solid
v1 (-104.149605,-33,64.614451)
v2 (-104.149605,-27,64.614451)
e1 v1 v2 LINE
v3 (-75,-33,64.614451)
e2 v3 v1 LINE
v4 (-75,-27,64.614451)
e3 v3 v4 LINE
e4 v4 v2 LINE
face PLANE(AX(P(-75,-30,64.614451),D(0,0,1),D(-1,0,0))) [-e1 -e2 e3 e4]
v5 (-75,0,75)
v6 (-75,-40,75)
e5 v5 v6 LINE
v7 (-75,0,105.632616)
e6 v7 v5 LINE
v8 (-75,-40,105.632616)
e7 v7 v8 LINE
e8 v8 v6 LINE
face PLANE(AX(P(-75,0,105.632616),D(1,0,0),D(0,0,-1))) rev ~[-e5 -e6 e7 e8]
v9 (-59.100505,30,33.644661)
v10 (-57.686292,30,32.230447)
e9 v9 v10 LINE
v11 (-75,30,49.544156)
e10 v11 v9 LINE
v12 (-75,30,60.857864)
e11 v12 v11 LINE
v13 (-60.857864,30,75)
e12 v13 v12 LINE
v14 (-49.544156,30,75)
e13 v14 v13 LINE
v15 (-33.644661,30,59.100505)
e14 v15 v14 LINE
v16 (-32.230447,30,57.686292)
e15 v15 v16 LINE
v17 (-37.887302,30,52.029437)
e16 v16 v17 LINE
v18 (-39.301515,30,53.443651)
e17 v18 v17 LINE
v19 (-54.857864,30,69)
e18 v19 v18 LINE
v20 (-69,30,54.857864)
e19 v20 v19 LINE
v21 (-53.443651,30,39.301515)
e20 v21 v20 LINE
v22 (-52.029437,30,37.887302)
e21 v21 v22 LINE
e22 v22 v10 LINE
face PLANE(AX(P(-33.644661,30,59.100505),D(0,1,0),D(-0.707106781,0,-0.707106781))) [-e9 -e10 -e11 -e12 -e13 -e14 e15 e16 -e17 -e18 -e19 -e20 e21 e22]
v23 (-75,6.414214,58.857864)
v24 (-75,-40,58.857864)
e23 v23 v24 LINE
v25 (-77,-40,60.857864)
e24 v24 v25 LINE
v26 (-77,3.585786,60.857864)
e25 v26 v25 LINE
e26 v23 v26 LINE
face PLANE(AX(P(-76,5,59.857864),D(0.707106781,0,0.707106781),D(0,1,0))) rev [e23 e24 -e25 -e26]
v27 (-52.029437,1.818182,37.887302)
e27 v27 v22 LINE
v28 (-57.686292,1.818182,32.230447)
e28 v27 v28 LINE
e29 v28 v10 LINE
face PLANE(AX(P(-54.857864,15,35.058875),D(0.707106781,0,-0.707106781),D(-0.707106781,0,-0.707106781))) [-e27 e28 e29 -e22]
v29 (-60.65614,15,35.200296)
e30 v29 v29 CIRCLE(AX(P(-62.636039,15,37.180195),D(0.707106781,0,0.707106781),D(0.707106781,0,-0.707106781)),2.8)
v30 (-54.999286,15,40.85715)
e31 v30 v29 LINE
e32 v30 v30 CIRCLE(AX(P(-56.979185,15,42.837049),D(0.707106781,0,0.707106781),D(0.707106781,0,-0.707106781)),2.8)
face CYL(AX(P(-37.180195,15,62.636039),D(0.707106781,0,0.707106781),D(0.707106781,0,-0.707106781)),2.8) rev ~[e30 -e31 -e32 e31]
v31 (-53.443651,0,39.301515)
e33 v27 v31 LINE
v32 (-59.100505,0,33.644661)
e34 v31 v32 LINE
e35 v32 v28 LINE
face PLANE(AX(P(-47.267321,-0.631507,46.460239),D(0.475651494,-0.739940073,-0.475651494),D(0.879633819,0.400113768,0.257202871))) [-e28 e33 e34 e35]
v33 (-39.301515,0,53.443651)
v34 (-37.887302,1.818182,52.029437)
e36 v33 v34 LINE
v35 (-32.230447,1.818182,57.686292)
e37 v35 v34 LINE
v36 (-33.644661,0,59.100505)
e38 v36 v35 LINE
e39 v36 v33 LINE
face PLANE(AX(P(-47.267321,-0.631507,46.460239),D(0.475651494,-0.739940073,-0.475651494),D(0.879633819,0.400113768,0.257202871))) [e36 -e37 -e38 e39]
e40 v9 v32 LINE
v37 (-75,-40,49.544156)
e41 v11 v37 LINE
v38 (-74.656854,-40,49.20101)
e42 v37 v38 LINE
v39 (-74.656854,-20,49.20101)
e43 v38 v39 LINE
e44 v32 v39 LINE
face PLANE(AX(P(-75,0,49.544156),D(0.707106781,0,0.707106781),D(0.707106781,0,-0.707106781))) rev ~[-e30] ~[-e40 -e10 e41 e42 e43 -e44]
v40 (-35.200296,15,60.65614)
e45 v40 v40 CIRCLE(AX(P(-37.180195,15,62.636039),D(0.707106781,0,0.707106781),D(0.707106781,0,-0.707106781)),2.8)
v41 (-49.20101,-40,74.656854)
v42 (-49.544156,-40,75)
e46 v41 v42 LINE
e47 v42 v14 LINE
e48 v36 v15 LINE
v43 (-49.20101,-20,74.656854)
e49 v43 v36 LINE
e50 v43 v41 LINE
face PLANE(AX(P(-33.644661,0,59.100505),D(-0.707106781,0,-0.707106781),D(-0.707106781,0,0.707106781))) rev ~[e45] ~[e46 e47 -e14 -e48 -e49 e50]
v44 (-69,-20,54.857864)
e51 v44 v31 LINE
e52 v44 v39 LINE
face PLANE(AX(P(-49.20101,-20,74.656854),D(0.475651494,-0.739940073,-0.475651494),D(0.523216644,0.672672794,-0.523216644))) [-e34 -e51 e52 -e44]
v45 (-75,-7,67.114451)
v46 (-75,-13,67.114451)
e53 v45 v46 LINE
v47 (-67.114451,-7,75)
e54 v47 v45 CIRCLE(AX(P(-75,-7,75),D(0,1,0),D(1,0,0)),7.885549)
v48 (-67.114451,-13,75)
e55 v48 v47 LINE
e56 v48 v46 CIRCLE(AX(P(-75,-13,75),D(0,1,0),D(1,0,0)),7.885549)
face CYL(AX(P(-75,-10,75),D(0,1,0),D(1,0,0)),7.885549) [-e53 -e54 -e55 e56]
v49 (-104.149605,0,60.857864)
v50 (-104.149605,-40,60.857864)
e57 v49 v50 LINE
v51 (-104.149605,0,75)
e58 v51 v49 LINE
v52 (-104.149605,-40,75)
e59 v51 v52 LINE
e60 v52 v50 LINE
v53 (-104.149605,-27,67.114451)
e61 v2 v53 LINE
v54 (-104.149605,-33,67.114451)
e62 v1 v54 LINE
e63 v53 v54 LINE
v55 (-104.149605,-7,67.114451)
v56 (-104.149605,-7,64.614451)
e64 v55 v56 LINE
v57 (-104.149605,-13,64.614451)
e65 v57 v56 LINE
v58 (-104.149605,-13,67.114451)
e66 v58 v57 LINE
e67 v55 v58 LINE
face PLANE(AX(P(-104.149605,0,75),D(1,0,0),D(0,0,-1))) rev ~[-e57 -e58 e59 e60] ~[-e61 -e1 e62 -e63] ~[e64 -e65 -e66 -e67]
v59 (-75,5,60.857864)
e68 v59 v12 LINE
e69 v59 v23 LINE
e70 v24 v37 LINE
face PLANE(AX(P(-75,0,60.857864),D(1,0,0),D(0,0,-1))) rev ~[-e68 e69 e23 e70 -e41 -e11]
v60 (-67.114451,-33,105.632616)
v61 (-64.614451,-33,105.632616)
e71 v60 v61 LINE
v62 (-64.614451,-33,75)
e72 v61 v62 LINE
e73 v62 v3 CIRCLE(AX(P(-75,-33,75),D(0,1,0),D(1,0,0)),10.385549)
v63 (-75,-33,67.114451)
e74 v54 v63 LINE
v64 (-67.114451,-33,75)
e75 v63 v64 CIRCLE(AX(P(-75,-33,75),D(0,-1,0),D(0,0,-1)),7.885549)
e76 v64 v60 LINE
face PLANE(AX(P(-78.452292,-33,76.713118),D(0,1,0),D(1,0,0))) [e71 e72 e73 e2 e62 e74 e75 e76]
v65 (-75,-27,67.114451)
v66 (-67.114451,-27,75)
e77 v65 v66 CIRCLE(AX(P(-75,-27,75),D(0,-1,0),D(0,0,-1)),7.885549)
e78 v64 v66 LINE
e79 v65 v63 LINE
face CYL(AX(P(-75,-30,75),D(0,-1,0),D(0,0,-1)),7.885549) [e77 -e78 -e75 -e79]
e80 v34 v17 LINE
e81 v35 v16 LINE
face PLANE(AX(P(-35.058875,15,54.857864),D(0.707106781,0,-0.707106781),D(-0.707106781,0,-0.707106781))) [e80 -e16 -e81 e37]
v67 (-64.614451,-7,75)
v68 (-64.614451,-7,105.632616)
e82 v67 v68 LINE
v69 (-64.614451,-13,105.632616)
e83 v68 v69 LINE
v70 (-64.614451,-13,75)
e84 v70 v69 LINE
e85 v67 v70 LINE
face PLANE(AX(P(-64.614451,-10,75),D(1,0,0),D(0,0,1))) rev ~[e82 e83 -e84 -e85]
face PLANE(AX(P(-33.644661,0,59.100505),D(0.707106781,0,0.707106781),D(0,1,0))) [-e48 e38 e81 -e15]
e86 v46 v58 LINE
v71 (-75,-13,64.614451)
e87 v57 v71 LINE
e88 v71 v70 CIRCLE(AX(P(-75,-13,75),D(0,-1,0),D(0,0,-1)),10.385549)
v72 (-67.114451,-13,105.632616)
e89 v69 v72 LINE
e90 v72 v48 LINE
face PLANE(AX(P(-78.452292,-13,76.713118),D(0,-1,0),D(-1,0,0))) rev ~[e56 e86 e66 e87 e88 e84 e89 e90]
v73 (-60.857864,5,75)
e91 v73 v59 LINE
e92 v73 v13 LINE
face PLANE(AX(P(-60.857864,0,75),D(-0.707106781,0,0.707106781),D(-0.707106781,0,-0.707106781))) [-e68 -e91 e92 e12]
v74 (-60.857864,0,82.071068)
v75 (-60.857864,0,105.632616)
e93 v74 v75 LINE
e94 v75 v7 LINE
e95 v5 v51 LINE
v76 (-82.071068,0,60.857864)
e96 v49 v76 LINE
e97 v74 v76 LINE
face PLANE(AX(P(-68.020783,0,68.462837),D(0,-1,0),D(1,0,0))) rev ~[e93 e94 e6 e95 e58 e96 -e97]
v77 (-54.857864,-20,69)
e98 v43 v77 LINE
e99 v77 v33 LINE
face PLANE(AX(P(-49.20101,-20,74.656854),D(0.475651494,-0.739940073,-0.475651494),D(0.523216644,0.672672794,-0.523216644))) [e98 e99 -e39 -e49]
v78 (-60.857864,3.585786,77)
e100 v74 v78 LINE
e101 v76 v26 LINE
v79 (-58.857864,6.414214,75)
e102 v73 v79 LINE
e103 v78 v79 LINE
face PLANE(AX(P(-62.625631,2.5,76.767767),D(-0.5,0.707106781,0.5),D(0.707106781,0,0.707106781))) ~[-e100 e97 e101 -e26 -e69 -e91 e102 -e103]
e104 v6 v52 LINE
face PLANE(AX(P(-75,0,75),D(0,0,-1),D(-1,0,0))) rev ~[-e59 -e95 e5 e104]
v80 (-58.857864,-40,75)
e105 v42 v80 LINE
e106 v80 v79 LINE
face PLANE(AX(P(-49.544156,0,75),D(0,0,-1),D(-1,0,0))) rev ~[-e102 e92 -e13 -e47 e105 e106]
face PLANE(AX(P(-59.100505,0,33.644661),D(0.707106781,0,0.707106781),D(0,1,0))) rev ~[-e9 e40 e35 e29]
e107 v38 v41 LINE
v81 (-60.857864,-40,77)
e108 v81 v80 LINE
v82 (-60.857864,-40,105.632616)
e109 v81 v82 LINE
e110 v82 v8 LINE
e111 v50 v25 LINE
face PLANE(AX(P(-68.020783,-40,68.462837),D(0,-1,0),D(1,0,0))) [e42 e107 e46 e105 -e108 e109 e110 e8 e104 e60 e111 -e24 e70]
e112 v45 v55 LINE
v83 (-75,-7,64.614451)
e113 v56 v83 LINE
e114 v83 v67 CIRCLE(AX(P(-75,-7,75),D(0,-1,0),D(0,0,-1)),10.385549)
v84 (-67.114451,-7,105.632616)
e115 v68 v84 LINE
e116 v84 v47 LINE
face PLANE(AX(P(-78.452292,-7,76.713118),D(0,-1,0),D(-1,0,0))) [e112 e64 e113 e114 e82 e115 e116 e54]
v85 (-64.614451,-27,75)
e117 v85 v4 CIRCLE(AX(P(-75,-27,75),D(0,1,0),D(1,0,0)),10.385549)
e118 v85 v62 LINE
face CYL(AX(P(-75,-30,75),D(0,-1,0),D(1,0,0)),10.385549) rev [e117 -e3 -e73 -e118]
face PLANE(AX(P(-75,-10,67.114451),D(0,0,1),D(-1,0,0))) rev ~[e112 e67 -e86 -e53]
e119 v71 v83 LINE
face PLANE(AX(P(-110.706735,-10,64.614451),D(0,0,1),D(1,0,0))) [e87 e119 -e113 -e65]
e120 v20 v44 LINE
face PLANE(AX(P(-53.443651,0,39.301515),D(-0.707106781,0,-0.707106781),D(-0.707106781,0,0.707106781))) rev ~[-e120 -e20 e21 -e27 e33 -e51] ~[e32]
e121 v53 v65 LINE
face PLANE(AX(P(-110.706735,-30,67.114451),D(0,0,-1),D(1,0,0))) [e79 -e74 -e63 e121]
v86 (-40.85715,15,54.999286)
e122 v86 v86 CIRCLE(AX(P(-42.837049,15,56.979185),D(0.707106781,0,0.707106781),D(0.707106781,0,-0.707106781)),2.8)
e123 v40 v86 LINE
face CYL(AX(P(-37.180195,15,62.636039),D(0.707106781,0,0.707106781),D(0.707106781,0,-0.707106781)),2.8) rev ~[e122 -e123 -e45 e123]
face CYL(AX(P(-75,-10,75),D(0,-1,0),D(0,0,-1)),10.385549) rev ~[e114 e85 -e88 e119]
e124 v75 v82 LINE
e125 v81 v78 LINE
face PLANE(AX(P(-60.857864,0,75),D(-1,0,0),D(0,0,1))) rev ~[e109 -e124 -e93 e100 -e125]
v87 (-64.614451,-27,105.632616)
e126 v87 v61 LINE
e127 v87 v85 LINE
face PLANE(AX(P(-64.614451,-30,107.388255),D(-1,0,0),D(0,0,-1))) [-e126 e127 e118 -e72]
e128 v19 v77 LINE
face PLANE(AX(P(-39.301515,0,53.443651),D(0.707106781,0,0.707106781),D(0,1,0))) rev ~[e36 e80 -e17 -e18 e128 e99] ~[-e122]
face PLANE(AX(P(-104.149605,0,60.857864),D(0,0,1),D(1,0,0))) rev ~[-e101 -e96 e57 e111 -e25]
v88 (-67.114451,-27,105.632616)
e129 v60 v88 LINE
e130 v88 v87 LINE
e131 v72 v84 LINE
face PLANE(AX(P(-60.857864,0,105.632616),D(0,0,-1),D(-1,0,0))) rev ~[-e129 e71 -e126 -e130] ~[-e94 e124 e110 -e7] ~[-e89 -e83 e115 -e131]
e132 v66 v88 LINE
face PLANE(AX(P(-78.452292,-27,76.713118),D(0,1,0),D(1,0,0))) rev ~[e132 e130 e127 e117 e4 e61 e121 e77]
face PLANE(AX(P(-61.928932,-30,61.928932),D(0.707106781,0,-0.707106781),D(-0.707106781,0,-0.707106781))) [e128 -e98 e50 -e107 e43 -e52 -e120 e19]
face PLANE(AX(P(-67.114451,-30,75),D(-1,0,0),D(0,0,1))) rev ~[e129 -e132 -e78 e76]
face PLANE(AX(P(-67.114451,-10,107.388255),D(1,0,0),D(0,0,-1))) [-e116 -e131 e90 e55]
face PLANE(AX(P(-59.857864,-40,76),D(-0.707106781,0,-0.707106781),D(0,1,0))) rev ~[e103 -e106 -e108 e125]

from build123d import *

# Parameters (mm, degrees)
BOSS_EXTRUDE1_DEPTH     = 30
SKETCH2_R               = 2.8
CUT_EXTRUDE1_DEPTH      = 65
CUT_EXTRUDE2_DEPTH      = 65
BOSS_EXTRUDE2_DEPTH     = 40
SKETCH9_W               = 55.910316486
SKETCH9_H               = 20
CUT_EXTRUDE4_DEPTH      = 40
CUT_EXTRUDE5_DEPTH      = 40
CHAMFER1_SIZE           = 5
CUT_EXTRUDE6_DEPTH      = 3
CUT_EXTRUDE6_DEPTH_BACK = 3
CUT_EXTRUDE7_DEPTH      = 3
CUT_EXTRUDE7_DEPTH_BACK = 3
SKETCH14_W              = 8
SKETCH14_H              = 30
BOSS_EXTRUDE3_DEPTH     = 2
CUT_EXTRUDE8_DEPTH      = 22
CHAMFER2_SIZE           = 2


with BuildPart() as part:
    # Sketch1 → Boss-Extrude1 (new body)
    with BuildSketch(Plane(origin=(0, 0, 0), x_dir=(1, 0, 0), z_dir=(0, 1, 0))):
        Polygon((-69, -54.857864376), (-54.857864376, -69), (-39.30151519, -53.443650814), (-33.644660941, -59.100505063), (-49.544155877, -75), (-75, -75), (-75, -49.544155877), (-59.100505063, -33.644660941), (-53.443650814, -39.30151519), align=None)
    extrude(amount=BOSS_EXTRUDE1_DEPTH)

    # Sketch2 → Cut-Extrude1 (cut)
    with BuildSketch(Plane(origin=(12.727922061, 0, 12.727922061), x_dir=(0.707106781, 0, -0.707106781), z_dir=(0.707106781, 0, 0.707106781))):
        with Locations((-70.580735804, 15)):
            Circle(SKETCH2_R)
    extrude(amount=-CUT_EXTRUDE1_DEPTH, mode=Mode.SUBTRACT)

    # Sketch4 → Cut-Extrude2 (cut)
    with BuildSketch(Plane.XZ):
        Polygon((-60.857864376, 75), (-75, 60.857864376), (-82.434342637, 68.292207014), (-68.292207014, 82.434342637), align=None)
    extrude(amount=-CUT_EXTRUDE2_DEPTH, mode=Mode.SUBTRACT)

    # Sketch6 → Boss-Extrude2 (add)
    with BuildSketch(Plane.XZ):
        Polygon((-60.857864376, 75), (-60.857864376, 105.632615689), (-75, 105.632615689), (-75, 75), (-104.149605391, 75), (-104.149605391, 60.857864376), (-75, 60.857864376), (-75, 49.544155877), (-59.100505063, 33.644660941), (-53.443650814, 39.30151519), (-69, 54.857864376), (-54.857864376, 69), (-39.30151519, 53.443650814), (-33.644660941, 59.100505063), (-49.544155877, 75), align=None)
    extrude(amount=BOSS_EXTRUDE2_DEPTH)

    # Sketch9 → Cut-Extrude4 (cut)
    with BuildSketch(Plane(origin=(-61.928932188, 0, 61.928932188), x_dir=(-0.707106781, 0, -0.707106781), z_dir=(0.707106781, 0, -0.707106781))):
        with Locations((0, -30)):
            Rectangle(SKETCH9_W, SKETCH9_H)
    extrude(amount=CUT_EXTRUDE4_DEPTH, mode=Mode.SUBTRACT)

    # Sketch10 → Cut-Extrude5 (cut)
    with BuildSketch(Plane(origin=(12.727922061, 0, 12.727922061), x_dir=(0.707106781, 0, -0.707106781), z_dir=(0.707106781, 0, 0.707106781))):
        Polygon((-87.580735804, -20), (-65.580735804, 0), (-65.580735804, -20), align=None)
    extrude(amount=-CUT_EXTRUDE5_DEPTH, mode=Mode.SUBTRACT)

    # Chamfer1
    chamfer1_edges = [part.edges().sort_by_distance(p)[0] for p in [
        (-67.928932188, 0, 67.928932188),
    ]]
    chamfer(chamfer1_edges, length=CHAMFER1_SIZE)

    # Sketch12 → Cut-Extrude6 (cut, two sides)
    with BuildSketch(Plane(origin=(0, -10, 0), x_dir=(1, 0, 0), z_dir=(0, 1, 0))) as cut_extrude6_sk:
        with BuildLine():
            Line((-75, -67.114451053), (-110.706734673, -67.114451053))
            Line((-110.706734673, -67.114451053), (-110.706734673, -64.614451053))
            Line((-110.706734673, -64.614451053), (-75, -64.614451053))
            ThreePointArc((-75, -64.614451053), (-67.656307913, -67.656307913), (-64.614451053, -75))
            Line((-64.614451053, -75), (-64.614451053, -107.388255064))
            Line((-64.614451053, -107.388255064), (-67.114451053, -107.388255064))
            Line((-67.114451053, -107.388255064), (-67.114451053, -75))
            ThreePointArc((-67.114451053, -75), (-69.424074866, -69.424074866), (-75, -67.114451053))
        make_face()
    extrude(amount=CUT_EXTRUDE6_DEPTH, mode=Mode.SUBTRACT)
    extrude(cut_extrude6_sk.sketch, amount=-CUT_EXTRUDE6_DEPTH_BACK, mode=Mode.SUBTRACT)

    # Sketch13 → Cut-Extrude7 (cut, two sides)
    with BuildSketch(Plane(origin=(0, -30, 0), x_dir=(1, 0, 0), z_dir=(0, 1, 0))) as cut_extrude7_sk:
        with BuildLine():
            Line((-110.706734673, -67.114451053), (-75, -67.114451053))
            ThreePointArc((-75, -67.114451053), (-69.424074866, -69.424074866), (-67.114451053, -75))
            Line((-67.114451053, -75), (-67.114451053, -107.388255064))
            Line((-67.114451053, -107.388255064), (-64.614451053, -107.388255064))
            Line((-64.614451053, -107.388255064), (-64.614451053, -75))
            ThreePointArc((-64.614451053, -75), (-67.656307913, -67.656307913), (-75, -64.614451053))
            Line((-75, -64.614451053), (-110.706734673, -64.614451053))
            Line((-110.706734673, -64.614451053), (-110.706734673, -67.114451053))
        make_face()
    extrude(amount=CUT_EXTRUDE7_DEPTH, mode=Mode.SUBTRACT)
    extrude(cut_extrude7_sk.sketch, amount=-CUT_EXTRUDE7_DEPTH_BACK, mode=Mode.SUBTRACT)

    # Sketch14 → Boss-Extrude3 (add)
    with BuildSketch(Plane(origin=(-46.372583002, 0, 46.372583002), x_dir=(-0.707106781, 0, -0.707106781), z_dir=(0.707106781, 0, -0.707106781))):
        with Locations((-14, 15)):
            Rectangle(SKETCH14_W, SKETCH14_H)
        with Locations((14, 15)):
            Rectangle(SKETCH14_W, SKETCH14_H)
    extrude(amount=BOSS_EXTRUDE3_DEPTH)

    # Sketch15 → Cut-Extrude8 (cut)
    with BuildSketch(Plane(origin=(-20.983069232, 32.641995196, 20.983069232), x_dir=(0.879633819, 0.400113768, 0.257202871), z_dir=(0.475651494, -0.739940073, -0.475651494))):
        Polygon((-16.653515894, 59.58496844), (-53.507538304, 34.603245183), (-43.108288721, 19.261862476), (-6.254266311, 44.243585732), align=None)
    extrude(amount=CUT_EXTRUDE8_DEPTH, mode=Mode.SUBTRACT)

    # Chamfer2
    chamfer2_edges = [part.edges().sort_by_distance(p)[0] for p in [
        (-60.857864376, -17.5, 75),
        (-75, -17.5, 60.857864376),
    ]]
    chamfer(chamfer2_edges, length=CHAMFER2_SIZE)


solid = part.part
